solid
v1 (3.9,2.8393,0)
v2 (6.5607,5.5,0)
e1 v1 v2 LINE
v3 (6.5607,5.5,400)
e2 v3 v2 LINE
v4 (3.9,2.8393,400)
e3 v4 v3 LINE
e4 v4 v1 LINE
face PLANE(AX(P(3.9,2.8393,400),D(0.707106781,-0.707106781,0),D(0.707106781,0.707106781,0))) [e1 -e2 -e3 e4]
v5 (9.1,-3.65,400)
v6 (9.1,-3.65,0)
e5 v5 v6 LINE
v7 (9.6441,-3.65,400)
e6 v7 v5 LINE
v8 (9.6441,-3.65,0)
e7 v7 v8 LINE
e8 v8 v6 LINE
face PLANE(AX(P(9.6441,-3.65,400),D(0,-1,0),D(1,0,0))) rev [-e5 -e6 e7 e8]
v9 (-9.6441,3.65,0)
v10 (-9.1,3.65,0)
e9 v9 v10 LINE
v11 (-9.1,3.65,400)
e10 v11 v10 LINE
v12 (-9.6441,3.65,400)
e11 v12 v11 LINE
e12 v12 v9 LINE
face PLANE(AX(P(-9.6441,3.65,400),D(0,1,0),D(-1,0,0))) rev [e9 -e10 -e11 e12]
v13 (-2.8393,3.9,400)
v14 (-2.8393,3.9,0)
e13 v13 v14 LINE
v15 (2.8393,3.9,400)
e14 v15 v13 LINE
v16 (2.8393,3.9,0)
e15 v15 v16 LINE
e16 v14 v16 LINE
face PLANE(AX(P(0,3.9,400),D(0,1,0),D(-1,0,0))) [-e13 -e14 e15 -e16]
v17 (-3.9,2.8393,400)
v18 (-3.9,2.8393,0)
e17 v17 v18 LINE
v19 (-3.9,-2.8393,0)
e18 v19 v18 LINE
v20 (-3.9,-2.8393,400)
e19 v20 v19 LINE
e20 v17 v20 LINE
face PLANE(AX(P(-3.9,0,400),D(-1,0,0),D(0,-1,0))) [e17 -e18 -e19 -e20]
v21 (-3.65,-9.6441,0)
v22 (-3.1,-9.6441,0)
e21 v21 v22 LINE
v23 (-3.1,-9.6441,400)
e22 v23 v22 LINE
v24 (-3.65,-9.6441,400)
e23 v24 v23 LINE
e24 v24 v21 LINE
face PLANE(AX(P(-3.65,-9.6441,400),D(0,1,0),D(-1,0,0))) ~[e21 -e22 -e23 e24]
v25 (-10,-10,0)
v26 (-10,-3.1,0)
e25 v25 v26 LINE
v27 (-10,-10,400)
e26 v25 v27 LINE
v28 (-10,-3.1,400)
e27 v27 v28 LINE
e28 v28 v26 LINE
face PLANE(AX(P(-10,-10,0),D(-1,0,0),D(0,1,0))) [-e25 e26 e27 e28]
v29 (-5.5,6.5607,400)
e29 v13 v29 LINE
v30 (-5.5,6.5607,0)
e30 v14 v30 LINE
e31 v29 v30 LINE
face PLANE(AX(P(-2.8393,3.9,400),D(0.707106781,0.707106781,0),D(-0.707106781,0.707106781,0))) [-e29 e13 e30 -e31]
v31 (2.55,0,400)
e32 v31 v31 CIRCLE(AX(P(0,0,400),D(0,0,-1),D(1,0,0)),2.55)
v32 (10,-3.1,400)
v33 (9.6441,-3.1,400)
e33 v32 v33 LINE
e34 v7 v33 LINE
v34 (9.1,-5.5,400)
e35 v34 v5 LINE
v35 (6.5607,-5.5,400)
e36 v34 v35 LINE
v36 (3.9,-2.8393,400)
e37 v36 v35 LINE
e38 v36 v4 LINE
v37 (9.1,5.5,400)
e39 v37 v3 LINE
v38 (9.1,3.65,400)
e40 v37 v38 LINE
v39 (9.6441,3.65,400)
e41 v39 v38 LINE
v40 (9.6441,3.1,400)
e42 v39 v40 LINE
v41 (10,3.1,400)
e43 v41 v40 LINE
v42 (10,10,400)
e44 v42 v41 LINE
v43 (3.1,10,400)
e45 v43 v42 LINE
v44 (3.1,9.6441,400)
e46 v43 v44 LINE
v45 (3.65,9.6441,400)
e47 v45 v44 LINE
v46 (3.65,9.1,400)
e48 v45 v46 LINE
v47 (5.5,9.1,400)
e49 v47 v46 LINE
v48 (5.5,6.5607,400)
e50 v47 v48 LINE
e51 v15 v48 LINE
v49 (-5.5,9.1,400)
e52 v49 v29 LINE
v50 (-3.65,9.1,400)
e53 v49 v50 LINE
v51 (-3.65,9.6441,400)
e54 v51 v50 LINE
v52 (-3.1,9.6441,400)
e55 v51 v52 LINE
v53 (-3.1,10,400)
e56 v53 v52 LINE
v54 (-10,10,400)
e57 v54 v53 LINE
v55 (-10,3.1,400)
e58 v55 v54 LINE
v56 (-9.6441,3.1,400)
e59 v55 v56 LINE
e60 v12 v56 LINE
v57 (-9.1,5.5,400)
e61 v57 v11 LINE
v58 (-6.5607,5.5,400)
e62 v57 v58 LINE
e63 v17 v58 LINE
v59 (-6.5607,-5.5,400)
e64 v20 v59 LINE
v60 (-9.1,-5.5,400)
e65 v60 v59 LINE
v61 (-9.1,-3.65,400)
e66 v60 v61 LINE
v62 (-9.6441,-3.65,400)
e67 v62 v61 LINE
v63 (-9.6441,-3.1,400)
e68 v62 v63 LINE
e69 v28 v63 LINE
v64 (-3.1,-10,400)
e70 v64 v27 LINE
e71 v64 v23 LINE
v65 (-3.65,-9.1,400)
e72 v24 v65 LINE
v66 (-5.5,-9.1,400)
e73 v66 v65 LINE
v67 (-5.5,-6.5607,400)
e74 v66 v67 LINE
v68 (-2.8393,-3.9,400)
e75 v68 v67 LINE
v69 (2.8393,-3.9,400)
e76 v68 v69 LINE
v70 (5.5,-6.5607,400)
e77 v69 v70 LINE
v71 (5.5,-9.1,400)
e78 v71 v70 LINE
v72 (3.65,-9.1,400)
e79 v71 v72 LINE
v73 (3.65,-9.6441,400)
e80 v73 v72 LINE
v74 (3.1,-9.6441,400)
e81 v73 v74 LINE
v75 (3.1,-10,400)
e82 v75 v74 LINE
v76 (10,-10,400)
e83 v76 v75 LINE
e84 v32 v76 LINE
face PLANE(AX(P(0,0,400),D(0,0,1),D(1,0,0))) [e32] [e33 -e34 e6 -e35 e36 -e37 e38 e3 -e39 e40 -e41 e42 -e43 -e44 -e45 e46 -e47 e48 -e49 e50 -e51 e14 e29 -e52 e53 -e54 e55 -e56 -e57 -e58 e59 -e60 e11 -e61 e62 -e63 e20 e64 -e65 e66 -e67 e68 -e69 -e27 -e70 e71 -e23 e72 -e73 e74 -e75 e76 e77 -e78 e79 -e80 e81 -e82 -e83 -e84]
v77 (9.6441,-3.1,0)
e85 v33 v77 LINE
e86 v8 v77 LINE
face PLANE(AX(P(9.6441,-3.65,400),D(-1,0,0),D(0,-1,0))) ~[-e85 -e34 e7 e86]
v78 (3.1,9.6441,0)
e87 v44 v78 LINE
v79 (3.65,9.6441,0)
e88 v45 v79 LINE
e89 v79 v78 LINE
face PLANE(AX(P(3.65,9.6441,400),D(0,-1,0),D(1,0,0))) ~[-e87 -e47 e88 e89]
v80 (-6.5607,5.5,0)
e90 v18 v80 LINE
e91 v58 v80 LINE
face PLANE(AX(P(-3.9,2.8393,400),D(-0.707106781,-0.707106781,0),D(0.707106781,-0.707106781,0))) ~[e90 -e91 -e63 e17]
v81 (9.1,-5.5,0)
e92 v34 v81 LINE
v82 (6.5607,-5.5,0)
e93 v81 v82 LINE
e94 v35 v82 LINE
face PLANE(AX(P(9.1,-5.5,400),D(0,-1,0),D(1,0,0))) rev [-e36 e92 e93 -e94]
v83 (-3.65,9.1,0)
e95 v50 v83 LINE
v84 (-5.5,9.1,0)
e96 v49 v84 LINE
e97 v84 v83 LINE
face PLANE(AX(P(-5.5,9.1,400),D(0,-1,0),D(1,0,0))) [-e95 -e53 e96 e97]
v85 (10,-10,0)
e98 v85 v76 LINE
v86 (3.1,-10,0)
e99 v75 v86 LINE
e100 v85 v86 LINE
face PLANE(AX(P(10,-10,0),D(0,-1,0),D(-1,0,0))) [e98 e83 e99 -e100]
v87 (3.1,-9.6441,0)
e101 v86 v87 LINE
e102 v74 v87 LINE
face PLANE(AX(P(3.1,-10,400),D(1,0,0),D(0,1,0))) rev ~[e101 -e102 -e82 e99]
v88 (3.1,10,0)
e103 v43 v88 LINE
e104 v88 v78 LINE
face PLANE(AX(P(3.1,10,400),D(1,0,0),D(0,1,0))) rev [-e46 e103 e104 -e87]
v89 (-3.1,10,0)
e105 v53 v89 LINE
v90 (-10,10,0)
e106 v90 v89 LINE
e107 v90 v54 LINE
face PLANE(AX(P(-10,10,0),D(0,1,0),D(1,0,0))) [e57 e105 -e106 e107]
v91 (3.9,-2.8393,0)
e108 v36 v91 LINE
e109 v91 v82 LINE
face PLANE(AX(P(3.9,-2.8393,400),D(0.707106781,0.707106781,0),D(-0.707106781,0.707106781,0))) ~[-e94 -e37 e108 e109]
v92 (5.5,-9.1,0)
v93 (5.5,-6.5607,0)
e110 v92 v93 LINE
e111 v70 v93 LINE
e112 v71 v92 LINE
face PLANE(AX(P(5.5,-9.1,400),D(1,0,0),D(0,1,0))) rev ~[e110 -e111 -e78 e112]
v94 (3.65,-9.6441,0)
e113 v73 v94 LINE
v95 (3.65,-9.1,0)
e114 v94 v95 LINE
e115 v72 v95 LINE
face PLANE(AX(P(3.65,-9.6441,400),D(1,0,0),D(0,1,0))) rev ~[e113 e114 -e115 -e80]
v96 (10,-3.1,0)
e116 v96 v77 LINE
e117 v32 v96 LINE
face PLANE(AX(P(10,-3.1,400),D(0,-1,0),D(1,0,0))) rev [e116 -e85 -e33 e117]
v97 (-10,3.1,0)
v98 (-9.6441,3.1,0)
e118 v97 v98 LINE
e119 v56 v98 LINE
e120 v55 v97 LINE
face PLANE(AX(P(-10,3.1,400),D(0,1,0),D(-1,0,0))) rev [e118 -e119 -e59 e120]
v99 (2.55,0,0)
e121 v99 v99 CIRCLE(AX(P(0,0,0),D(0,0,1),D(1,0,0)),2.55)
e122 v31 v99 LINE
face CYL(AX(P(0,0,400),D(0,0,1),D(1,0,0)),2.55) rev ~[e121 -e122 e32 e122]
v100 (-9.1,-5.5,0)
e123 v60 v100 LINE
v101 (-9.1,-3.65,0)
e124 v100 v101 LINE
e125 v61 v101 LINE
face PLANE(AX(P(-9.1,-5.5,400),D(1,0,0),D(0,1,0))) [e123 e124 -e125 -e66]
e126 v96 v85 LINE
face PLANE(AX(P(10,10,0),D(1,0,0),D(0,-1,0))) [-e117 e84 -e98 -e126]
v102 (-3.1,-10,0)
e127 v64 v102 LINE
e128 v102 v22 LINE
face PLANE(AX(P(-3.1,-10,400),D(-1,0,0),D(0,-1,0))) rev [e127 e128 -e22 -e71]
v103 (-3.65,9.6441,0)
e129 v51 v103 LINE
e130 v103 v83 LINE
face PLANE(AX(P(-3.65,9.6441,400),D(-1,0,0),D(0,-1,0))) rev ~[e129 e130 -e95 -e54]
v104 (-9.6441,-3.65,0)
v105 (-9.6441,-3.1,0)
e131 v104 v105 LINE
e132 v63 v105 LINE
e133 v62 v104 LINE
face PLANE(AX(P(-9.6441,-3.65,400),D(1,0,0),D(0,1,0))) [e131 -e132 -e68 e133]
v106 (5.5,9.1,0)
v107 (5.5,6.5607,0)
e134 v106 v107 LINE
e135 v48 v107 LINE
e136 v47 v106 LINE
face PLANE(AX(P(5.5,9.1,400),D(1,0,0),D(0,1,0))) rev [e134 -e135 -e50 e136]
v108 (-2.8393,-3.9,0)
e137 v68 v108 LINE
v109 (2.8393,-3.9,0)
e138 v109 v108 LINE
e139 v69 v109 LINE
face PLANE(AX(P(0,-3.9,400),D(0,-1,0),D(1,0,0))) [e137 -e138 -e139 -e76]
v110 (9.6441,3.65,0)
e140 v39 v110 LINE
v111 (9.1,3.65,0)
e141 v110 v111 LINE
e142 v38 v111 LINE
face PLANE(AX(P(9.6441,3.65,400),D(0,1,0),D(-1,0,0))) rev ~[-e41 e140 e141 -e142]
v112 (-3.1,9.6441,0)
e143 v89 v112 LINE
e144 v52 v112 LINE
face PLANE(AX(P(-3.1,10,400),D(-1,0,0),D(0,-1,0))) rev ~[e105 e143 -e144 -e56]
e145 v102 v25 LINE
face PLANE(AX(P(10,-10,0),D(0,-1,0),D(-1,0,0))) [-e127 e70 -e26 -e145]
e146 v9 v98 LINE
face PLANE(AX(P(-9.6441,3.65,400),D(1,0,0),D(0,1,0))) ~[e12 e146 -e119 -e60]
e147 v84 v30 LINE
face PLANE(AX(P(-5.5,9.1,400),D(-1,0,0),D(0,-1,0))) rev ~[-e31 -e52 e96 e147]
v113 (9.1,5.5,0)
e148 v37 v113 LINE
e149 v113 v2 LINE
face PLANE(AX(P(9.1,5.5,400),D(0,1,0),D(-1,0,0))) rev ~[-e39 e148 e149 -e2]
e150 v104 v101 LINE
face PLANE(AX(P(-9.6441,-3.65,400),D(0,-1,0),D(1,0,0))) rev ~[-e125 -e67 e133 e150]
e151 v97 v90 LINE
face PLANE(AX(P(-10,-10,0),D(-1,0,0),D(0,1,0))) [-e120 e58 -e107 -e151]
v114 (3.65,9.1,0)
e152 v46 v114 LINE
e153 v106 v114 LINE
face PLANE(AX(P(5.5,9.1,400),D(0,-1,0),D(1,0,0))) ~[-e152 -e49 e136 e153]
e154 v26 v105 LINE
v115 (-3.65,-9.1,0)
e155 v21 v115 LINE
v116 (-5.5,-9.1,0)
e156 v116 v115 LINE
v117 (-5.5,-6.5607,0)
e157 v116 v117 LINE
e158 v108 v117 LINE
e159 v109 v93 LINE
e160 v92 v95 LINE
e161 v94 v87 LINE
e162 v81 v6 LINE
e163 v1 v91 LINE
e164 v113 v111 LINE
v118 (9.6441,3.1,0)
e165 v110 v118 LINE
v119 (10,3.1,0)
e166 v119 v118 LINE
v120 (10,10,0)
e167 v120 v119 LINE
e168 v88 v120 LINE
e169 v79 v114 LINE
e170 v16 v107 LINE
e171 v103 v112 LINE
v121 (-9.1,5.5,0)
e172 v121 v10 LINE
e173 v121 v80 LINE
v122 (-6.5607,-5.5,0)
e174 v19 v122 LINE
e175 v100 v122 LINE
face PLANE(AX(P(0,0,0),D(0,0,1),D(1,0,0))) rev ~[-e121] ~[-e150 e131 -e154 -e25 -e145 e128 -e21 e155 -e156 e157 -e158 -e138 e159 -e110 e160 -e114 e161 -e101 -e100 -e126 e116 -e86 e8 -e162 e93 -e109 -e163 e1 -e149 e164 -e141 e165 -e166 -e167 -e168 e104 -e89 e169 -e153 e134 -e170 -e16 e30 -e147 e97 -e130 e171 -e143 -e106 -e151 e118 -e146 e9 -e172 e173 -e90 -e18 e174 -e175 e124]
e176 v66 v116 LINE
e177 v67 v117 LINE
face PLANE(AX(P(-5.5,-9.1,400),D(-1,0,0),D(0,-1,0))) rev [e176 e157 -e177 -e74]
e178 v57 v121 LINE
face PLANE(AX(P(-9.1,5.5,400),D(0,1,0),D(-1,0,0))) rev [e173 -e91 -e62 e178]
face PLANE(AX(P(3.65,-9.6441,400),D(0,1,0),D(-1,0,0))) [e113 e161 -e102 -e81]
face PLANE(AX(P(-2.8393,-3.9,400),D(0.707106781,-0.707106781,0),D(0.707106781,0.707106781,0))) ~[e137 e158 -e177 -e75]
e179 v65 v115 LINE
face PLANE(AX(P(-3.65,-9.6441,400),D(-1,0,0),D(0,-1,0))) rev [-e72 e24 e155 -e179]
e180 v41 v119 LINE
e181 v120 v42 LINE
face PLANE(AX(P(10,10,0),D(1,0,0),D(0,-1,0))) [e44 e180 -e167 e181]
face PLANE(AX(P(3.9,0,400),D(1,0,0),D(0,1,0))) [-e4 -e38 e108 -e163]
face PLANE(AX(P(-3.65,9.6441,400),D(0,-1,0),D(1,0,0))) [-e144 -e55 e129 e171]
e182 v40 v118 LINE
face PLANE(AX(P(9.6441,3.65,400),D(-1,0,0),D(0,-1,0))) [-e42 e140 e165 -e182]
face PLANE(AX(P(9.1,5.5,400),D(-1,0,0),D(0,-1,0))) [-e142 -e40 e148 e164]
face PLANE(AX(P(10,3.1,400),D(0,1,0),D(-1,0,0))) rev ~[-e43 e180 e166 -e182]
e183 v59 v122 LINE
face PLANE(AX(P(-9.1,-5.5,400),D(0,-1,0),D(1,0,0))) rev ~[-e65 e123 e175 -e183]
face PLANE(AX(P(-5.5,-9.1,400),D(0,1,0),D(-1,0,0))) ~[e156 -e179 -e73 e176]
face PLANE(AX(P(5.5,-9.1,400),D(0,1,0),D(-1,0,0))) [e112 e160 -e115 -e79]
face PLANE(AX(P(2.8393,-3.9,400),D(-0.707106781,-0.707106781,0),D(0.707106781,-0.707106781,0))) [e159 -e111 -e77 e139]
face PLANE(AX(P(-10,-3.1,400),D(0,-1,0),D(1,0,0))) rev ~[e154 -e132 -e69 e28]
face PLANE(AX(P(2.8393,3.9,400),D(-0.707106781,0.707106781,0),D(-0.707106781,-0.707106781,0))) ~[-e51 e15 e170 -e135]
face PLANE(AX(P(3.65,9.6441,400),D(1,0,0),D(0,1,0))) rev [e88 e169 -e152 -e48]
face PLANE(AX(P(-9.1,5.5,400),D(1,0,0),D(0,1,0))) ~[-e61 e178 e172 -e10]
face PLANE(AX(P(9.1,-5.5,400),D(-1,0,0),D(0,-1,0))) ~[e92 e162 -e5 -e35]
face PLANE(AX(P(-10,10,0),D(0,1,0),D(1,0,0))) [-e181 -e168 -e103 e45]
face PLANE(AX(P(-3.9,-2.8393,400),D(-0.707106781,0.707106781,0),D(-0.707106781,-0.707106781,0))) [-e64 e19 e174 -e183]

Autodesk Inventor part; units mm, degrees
ref_plane "YZ Plane" through (0, 0, 0) normal (1, 0, 0) x (0, 1, 0)
ref_plane "XZ Plane" through (0, 0, 0) normal (0, 1, 0) x (-1, 0, 0)
ref_plane "XY Plane" through (0, 0, 0) normal (0, 0, 1) x (1, 0, 0)
sketch "草图1" plane through (0, 0, 0) normal (0, 0, 1) x (1, 0, 0)
  line L0 (10, -10) -> (-10, -10)
  line L1 (-10, -10) -> (-10, 10)
  line L2 (-10, 10) -> (10, 10)
  line L3 (10, 10) -> (10, -10)
  line L4 (10, -10) -> (-10, 10) construction
  line L5 (-10, -10) -> (10, 10) construction
  point P0 (0, 0)
  dimension "d0" = 20
  dimension "d1" = 20
extrude "拉伸1" add sketch "草图1" along normal blind 400
sketch "草图2" plane through (0, 0, 400) normal (0, 0, 1) x (1, 0, 0)
  circle A0 centre (0, 0) radius 2.55
  line L0 (-11.0615, 0) -> (0, 0)
  line L1 (0, 0) -> (0, 11.55)
  line L2 (-10, 10) -> (-10, -10)
  line L3 (10, 10) -> (-10, 10)
  line L4 (0, 3.9) -> (-3.9, 3.9)
  line L5 (-3.9, 3.9) -> (-3.9, 0)
  line L6 (-10, 10) -> (0, 0)
  line L7 (0, 1.0607) -> (-8.9393, 10)
  line L8 (-1.0607, 0) -> (-10, 8.9393)
  line L9 (-10, 10) -> (-3.1, 10)
  line L10 (-10, 3.1) -> (-10, 10)
  line L11 (-10, 10) -> (-3.65, 10)
  line L12 (-10, 3.65) -> (-10, 10)
  line L13 (-5.5, 12.0125) -> (-5.5, 5.5)
  line L14 (-10, 10) -> (-5.5, 10)
  line L15 (-5.5, 10) -> (-5.5, 5.5)
  line L16 (-5.5, 5.5) -> (-10, 5.5)
  line L17 (-10, 5.5) -> (-10, 10)
  line L18 (-5.5, 9.1) -> (0, 9.1)
  line L19 (-3.65, 10) -> (-3.65, 9.1)
  line L20 (-3.1, 10) -> (-3.1, 9.1)
  line L21 (-3.65, 9.6441) -> (-3.1, 9.6441)
  point P0 (-3.1, 9.55)
  point P1 (-2.8393, 3.9)
  point P2 (0, 10)
  point P3 (-5.5, 6.5607)
  dimension "d4" = 5.1
  dimension "d5" = 6.1
  dimension "d6" = 1.5
  dimension "d7" = 5.5
  dimension "d8" = 0.9
  dimension "d9" = 3.1
  dimension "d10" = 3.65
extrude "拉伸2" cut sketch "草图2" against normal up to surface (400 mm away) contours A0 L0 L1 | L1 L7 A0 | A0 L8 L0 | L7 L1 L6 A0 | L4 L7 L13 L18 L1 | A0 L6 L0 L8 | L18 L20 L3 L1 | L18 L19 L21 L20
mirror "镜像1" about plane through (0, 10, 400) normal (-1, 0, 0) of "拉伸2"
pattern_circular "环形阵列1" count 4 over 360 about axis through (0, 0, 400) along (0, 0, -1) of "拉伸2", "镜像1"
properties part number "铝方管2020x2"
